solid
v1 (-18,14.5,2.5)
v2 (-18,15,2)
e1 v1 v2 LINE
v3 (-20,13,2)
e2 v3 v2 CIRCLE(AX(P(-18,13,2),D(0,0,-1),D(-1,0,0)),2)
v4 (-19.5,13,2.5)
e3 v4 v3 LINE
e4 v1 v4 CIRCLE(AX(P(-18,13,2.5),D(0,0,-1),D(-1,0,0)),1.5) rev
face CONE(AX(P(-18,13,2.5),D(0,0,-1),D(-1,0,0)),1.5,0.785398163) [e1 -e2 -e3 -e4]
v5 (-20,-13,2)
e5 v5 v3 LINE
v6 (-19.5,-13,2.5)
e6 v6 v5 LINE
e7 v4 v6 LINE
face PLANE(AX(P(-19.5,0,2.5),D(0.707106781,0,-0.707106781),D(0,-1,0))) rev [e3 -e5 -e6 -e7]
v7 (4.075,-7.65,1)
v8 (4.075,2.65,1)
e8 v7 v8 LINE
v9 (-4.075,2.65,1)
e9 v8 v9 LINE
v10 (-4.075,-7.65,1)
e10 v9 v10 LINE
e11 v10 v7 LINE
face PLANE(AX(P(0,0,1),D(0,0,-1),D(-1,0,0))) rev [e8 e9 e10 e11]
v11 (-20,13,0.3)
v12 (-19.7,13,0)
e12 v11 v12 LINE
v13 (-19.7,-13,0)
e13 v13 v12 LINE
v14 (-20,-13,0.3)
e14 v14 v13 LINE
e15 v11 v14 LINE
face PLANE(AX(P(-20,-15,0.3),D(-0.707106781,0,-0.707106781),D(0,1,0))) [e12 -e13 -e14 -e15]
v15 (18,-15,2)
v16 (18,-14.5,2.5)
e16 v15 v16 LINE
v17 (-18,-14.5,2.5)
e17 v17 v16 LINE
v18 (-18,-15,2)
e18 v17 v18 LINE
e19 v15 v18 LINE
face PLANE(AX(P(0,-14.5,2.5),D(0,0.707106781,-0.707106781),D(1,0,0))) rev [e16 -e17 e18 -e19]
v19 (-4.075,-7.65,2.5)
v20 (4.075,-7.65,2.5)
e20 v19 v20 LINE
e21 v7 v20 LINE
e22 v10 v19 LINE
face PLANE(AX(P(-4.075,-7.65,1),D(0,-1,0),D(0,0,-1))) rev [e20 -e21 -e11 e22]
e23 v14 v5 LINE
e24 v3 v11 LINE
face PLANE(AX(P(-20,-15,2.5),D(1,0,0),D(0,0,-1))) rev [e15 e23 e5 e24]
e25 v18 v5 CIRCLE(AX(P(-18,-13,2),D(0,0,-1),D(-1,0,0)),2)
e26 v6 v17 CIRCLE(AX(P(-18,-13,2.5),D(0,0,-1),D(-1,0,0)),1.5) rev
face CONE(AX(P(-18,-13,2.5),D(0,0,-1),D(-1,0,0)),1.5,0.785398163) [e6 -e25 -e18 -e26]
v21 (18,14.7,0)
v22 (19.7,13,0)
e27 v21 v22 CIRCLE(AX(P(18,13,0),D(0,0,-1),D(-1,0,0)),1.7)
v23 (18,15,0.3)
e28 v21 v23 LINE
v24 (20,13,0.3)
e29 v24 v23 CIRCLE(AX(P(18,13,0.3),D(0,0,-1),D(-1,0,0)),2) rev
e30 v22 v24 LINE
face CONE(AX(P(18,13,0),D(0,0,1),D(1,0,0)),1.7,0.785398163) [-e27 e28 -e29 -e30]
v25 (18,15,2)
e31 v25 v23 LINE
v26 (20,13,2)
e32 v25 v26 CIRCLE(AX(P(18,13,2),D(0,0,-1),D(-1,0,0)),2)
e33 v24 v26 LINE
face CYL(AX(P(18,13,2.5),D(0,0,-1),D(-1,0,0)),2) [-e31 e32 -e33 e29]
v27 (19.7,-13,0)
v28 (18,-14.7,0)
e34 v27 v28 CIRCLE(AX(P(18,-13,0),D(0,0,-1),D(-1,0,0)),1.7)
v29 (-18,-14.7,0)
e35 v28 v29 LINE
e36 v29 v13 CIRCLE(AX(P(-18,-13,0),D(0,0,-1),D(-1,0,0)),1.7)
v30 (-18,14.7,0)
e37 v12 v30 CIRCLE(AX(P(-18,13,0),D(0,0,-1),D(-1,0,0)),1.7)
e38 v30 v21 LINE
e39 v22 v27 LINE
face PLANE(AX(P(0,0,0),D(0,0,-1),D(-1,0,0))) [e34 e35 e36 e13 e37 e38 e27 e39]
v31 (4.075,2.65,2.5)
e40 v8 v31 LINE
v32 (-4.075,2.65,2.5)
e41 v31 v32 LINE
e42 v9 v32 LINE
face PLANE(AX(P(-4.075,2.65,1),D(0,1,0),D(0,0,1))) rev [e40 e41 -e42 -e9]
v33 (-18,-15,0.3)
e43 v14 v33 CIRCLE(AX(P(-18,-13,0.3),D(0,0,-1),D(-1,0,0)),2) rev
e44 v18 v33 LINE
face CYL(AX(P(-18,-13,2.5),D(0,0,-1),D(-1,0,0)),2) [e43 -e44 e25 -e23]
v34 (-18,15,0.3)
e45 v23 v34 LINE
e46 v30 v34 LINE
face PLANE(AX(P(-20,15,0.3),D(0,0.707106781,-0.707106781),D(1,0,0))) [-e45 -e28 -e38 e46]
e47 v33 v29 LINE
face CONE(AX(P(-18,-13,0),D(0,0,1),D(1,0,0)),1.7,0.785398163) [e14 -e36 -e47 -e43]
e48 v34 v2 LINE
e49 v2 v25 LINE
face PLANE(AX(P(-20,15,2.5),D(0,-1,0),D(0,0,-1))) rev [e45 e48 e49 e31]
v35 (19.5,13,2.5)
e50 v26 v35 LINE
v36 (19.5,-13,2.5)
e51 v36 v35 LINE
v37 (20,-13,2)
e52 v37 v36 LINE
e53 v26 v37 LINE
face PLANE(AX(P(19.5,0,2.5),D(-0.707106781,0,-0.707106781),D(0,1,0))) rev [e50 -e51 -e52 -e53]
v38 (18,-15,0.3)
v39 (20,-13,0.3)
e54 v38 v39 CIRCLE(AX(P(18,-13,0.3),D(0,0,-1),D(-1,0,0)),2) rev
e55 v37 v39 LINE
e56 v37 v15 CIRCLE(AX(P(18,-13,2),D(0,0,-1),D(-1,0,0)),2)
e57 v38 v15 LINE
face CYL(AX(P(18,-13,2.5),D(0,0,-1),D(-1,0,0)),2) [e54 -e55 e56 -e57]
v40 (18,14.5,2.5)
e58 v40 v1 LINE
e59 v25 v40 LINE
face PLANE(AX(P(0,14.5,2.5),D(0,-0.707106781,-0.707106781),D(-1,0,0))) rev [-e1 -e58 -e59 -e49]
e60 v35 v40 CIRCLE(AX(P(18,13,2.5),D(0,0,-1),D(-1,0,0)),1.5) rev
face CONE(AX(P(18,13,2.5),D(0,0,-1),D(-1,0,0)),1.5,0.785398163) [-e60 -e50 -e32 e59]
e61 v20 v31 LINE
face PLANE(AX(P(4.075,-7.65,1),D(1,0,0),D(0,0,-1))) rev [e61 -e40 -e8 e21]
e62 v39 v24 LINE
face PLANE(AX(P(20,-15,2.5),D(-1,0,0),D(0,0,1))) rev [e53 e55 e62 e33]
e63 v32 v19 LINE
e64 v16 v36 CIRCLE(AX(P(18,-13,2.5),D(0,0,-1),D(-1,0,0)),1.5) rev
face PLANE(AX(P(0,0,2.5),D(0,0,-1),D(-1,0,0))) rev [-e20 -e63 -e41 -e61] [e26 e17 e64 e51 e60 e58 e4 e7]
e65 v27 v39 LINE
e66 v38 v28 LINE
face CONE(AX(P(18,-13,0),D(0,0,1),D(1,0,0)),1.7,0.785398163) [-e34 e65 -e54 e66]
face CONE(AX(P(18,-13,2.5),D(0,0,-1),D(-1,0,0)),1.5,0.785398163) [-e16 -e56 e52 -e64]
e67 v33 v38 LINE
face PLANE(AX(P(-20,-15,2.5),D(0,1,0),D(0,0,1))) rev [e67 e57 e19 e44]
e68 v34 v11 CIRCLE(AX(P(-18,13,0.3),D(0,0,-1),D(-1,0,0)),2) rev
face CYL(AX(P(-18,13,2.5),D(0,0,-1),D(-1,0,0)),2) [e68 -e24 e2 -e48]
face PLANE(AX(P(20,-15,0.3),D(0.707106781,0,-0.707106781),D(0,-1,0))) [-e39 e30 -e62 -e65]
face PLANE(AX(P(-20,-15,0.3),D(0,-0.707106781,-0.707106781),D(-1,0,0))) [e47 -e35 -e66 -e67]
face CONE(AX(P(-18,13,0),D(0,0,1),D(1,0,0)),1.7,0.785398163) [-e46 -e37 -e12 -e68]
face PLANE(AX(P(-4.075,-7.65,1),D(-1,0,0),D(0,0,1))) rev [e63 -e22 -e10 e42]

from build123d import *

# Parameters (mm, degrees)
SKETCH1_W           = 40
SKETCH1_H           = 30
BOSS_EXTRUDE1_DEPTH = 2.5
SKETCH2_W           = 8.15
SKETCH2_H           = 10.3
CUT_EXTRUDE1_DEPTH  = 1.5
FILLET1_R           = 2
CHAMFER1_SIZE       = 0.5
CHAMFER2_SIZE       = 0.3


with BuildPart() as part:
    # Sketch1 → Boss-Extrude1 (new body)
    with BuildSketch(Plane.XY):
        Rectangle(SKETCH1_W, SKETCH1_H)
    extrude(amount=BOSS_EXTRUDE1_DEPTH)

    # Sketch2 → Cut-Extrude1 (cut)
    with BuildSketch(Plane.XY.offset(2.5)):
        with Locations((0, -2.5)):
            Rectangle(SKETCH2_W, SKETCH2_H)
    extrude(amount=-CUT_EXTRUDE1_DEPTH, mode=Mode.SUBTRACT)

    # Fillet1
    fillet1_edges = [part.edges().sort_by_distance(p)[0] for p in [
        (20, -15, 1.25),
        (-20, -15, 1.25),
        (-20, 15, 1.25),
        (20, 15, 1.25),
    ]]
    fillet(fillet1_edges, radius=FILLET1_R)

    # Chamfer1
    chamfer1_edges = [part.edges().sort_by_distance(p)[0] for p in [
        (0, -15, 2.5),
        (-20, 0, 2.5),
        (20, 0, 2.5),
        (0, 15, 2.5),
        (19.414213562, 14.414213562, 2.5),
        (-19.414213562, 14.414213562, 2.5),
        (19.414213562, -14.414213562, 2.5),
        (-19.414213562, -14.414213562, 2.5),
    ]]
    chamfer(chamfer1_edges, length=CHAMFER1_SIZE)

    # Chamfer2
    chamfer2_edges = [part.edges().sort_by_distance(p)[0] for p in [
        (0, -15, 0),
        (20, 0, 0),
        (-20, 0, 0),
        (0, 15, 0),
        (19.414213562, 14.414213562, 0),
        (-19.414213562, 14.414213562, 0),
        (19.414213562, -14.414213562, 0),
        (-19.414213562, -14.414213562, 0),
    ]]
    chamfer(chamfer2_edges, length=CHAMFER2_SIZE)


solid = part.part
